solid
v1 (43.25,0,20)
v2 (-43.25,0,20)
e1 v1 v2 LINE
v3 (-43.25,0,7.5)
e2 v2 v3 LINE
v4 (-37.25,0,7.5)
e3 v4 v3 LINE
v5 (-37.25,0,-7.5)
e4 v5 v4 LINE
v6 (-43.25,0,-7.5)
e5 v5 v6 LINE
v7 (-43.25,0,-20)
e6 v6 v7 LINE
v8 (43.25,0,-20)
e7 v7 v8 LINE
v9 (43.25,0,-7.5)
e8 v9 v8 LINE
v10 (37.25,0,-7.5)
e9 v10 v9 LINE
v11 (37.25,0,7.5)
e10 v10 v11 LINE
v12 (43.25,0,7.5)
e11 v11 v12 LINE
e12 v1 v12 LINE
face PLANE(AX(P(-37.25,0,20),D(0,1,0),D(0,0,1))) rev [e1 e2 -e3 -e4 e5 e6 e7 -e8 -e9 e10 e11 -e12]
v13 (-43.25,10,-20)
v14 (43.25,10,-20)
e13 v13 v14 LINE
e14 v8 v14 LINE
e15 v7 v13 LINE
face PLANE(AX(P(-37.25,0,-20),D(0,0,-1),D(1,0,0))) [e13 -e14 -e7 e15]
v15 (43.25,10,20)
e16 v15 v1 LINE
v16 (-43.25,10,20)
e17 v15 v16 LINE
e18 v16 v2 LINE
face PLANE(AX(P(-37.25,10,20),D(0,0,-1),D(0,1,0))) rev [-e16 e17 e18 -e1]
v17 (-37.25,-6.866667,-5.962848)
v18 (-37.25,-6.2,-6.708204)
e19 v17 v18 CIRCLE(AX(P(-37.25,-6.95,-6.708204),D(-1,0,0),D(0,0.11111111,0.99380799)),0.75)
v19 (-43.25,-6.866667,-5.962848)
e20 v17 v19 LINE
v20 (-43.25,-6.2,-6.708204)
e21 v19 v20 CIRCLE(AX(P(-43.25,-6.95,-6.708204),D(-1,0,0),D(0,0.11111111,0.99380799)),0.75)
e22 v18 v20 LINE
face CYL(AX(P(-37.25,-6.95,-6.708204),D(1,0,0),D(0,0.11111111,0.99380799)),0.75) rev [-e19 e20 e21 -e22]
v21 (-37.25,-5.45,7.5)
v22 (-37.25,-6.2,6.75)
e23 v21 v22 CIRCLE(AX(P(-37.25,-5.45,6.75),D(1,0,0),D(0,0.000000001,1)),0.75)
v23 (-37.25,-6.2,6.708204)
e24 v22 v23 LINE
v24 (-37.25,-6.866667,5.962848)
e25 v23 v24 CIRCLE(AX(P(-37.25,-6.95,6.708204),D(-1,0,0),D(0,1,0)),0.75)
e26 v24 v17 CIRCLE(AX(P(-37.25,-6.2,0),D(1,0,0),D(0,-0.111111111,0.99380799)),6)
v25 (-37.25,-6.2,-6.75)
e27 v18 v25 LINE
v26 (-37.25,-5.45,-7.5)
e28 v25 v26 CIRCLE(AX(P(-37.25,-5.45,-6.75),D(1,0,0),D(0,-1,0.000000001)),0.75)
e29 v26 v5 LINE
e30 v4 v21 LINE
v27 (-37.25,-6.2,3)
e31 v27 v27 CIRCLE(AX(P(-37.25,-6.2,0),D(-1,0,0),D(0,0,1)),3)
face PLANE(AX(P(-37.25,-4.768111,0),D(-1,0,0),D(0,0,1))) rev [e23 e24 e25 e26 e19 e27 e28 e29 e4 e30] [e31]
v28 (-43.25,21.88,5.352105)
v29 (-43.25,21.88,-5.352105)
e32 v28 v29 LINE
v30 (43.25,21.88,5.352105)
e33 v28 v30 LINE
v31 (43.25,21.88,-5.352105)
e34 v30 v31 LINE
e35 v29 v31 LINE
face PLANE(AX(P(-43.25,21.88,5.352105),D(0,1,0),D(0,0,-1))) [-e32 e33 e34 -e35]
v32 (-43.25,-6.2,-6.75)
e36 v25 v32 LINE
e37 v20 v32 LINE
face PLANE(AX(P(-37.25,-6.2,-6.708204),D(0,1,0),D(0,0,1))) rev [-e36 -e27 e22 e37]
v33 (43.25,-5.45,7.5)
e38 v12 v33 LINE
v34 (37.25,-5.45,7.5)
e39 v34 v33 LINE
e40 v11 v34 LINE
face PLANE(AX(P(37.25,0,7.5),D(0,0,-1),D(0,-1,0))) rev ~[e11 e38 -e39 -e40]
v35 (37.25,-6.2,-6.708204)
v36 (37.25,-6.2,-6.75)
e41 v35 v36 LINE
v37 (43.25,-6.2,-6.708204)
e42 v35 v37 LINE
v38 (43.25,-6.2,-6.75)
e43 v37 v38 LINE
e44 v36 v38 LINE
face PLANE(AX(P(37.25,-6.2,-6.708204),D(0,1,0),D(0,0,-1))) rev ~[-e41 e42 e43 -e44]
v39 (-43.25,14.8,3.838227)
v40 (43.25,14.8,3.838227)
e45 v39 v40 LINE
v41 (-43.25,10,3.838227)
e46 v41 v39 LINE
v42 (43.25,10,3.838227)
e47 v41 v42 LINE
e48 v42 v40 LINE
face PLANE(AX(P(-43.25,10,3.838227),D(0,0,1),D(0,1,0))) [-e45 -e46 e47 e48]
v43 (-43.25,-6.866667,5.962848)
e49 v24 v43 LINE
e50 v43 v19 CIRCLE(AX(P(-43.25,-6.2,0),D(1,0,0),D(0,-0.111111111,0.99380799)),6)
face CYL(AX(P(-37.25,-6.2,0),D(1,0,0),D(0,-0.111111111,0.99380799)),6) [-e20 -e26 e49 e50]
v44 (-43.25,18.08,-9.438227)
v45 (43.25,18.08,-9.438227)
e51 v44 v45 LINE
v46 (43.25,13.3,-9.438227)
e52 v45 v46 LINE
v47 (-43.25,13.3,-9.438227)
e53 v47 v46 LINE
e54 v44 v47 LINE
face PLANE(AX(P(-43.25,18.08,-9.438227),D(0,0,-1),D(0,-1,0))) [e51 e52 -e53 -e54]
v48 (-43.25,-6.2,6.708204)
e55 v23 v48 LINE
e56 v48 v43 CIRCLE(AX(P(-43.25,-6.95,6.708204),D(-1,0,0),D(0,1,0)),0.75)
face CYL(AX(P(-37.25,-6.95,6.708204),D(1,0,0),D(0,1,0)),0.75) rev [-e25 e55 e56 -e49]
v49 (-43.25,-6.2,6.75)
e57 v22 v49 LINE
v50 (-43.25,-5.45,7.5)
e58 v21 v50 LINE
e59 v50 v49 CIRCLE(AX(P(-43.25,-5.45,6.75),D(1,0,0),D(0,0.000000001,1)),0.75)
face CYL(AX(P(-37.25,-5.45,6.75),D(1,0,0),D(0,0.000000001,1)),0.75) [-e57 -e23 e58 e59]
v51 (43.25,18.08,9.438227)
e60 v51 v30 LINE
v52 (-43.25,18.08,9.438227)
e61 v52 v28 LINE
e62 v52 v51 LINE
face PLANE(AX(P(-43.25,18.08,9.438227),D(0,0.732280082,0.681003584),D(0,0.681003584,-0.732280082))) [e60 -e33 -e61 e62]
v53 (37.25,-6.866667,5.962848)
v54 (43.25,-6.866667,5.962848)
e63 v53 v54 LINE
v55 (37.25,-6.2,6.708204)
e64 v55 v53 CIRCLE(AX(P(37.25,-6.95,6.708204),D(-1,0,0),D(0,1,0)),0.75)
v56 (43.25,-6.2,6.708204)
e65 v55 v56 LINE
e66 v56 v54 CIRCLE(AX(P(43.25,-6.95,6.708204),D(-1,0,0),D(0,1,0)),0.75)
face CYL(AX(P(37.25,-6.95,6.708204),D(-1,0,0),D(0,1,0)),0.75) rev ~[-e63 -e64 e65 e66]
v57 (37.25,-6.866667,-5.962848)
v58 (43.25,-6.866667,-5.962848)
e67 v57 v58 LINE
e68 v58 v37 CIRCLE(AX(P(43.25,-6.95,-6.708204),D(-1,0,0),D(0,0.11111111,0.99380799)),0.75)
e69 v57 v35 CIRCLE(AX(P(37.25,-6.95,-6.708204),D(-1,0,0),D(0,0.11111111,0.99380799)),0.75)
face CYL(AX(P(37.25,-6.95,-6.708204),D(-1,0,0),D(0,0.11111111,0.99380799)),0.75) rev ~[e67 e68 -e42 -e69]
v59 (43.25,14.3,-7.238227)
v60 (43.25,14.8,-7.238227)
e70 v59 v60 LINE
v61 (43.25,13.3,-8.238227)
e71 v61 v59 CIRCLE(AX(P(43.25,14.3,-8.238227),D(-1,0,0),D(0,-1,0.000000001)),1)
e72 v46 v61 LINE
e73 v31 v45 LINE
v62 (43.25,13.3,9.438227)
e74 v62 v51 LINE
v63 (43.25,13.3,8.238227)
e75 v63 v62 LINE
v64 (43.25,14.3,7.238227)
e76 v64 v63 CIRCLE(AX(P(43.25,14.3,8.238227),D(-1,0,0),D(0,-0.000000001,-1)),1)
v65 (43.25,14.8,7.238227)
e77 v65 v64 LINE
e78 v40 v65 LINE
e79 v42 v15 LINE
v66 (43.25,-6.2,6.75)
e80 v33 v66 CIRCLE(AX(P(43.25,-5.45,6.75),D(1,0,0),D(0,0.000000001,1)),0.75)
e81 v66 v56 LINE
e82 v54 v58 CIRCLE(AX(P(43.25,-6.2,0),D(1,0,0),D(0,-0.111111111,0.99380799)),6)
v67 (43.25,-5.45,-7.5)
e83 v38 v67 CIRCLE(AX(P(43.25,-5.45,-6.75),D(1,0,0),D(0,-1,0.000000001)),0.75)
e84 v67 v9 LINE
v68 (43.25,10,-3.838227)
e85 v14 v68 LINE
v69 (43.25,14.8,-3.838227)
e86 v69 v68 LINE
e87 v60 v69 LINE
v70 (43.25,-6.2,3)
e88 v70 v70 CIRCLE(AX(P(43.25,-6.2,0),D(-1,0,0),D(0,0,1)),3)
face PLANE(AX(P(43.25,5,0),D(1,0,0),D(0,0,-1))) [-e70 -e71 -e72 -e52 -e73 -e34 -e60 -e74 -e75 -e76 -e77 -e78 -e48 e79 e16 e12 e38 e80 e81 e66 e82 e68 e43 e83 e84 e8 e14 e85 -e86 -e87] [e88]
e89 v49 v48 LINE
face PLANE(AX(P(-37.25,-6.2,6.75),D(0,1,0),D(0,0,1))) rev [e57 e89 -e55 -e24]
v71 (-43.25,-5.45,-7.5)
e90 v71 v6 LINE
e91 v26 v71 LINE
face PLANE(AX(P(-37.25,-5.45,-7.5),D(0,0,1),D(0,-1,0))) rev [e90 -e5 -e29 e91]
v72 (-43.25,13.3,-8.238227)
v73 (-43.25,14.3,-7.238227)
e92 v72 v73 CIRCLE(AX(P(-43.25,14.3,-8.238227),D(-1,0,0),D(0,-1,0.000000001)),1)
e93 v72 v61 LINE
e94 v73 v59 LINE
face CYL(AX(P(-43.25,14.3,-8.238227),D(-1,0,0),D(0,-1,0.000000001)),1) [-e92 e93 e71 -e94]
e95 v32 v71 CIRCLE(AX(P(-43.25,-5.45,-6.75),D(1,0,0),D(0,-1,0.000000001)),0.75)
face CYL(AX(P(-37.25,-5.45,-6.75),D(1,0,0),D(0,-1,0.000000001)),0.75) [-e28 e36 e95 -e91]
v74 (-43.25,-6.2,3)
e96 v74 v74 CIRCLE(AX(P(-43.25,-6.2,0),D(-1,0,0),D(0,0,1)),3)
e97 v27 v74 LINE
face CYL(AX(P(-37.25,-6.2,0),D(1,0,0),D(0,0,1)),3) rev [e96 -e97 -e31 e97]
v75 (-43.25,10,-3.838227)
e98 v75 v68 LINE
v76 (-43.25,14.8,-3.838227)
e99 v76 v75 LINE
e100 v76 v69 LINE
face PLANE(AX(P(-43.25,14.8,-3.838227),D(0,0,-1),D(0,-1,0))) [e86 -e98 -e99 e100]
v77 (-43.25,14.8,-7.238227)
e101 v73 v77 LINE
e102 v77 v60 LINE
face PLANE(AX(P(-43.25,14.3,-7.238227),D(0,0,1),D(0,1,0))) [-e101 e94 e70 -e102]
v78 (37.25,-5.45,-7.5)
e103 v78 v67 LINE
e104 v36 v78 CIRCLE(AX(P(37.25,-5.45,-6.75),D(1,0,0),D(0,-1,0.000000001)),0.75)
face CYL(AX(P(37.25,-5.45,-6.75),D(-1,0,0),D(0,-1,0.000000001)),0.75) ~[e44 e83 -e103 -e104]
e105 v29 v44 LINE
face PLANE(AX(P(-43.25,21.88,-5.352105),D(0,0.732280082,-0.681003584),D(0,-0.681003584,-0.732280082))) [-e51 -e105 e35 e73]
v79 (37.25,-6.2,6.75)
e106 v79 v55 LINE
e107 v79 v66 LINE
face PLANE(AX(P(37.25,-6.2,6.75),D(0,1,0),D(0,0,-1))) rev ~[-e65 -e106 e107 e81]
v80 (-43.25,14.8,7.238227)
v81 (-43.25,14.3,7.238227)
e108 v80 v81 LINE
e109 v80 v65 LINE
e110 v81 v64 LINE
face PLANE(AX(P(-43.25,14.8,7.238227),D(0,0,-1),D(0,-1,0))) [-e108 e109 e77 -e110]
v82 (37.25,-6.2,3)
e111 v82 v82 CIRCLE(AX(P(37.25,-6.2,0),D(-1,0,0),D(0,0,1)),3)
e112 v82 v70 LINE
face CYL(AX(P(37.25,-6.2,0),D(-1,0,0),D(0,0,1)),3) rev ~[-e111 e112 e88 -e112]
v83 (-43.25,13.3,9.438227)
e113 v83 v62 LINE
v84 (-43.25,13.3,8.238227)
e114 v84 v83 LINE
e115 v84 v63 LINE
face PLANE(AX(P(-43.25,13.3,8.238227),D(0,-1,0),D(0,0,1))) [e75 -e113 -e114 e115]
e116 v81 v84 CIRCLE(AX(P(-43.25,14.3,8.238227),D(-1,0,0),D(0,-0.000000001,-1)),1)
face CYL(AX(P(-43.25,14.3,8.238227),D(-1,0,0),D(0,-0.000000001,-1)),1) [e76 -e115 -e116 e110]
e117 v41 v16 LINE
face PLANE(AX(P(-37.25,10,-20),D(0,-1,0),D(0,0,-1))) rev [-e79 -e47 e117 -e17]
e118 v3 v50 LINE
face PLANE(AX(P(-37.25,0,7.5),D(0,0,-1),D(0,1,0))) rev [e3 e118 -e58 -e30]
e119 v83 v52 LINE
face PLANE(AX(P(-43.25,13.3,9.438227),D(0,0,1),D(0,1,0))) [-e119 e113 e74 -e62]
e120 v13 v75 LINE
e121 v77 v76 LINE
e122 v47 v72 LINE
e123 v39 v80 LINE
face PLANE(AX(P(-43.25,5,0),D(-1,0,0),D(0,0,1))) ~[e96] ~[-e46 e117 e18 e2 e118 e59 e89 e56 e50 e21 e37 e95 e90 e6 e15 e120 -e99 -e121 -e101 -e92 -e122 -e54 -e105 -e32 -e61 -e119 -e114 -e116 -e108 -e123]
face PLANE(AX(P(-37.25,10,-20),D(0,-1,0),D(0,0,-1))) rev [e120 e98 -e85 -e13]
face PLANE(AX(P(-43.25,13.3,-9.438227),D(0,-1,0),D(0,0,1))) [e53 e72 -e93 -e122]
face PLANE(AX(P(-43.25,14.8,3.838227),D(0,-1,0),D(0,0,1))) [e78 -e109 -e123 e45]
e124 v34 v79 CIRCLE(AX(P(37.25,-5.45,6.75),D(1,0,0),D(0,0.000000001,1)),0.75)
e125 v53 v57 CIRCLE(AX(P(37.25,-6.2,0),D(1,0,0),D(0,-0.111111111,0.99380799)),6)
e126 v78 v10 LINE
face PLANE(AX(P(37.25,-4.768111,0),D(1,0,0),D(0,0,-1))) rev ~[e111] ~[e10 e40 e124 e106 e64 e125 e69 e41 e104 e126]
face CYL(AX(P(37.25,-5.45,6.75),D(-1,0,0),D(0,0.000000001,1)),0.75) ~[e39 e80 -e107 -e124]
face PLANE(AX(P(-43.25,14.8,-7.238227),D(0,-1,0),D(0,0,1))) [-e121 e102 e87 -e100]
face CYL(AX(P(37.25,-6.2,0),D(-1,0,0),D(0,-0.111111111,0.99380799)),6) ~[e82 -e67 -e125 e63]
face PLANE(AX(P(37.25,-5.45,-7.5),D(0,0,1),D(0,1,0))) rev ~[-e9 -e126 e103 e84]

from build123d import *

# Parameters (mm, degrees)
SKETCH1_W           = 74.5
SKETCH1_H           = 40
BOSS_EXTRUDE1_DEPTH = 10
BOSS_EXTRUDE2_DEPTH = 6
BOSS_EXTRUDE3_DEPTH = 86.5


with BuildPart() as part:
    # Sketch1 → Boss-Extrude1 (new body)
    with BuildSketch(Plane(origin=(0, 0, 0), x_dir=(1, 0, 0), z_dir=(0, 1, 0))):
        Rectangle(SKETCH1_W, SKETCH1_H)
    extrude(amount=BOSS_EXTRUDE1_DEPTH)

    # Sketch2 → Boss-Extrude2 (add)
    # profile 1 of 2: a face of its own
    with BuildSketch(Plane(origin=(37.25, 0, 0), x_dir=(0, 0, -1), z_dir=(1, 0, 0))):
        with BuildLine():
            Line((7.5, 0), (-7.5, 0))
            Line((-7.5, 0), (-7.5, -5.45))
            ThreePointArc((-7.5, -5.45), (-7.280330086, -5.980330086), (-6.75, -6.2))
            Line((-6.75, -6.2), (-6.708203932, -6.2))
            ThreePointArc((-6.708203932, -6.2), (-6.208203932, -6.390983006), (-5.96284794, -6.866666667))
            ThreePointArc((-5.96284794, -6.866666667), (0, -12.2), (5.96284794, -6.866666667))
            ThreePointArc((5.96284794, -6.866666667), (6.208203932, -6.390983006), (6.708203932, -6.2))
            Line((6.708203932, -6.2), (6.75, -6.2))
            ThreePointArc((6.75, -6.2), (7.280330086, -5.980330086), (7.5, -5.45))
            Line((7.5, -5.45), (7.5, 0))
        make_face()
        with BuildLine():
            ThreePointArc((3, -6.2), (0, -9.2), (-3, -6.2))
            ThreePointArc((-3, -6.2), (0, -3.2), (3, -6.2))
        make_face(mode=Mode.SUBTRACT)
    # profile 2 of 2: a face of its own
    with BuildSketch(Plane(origin=(37.25, 0, 0), x_dir=(0, 0, -1), z_dir=(1, 0, 0))):
        Polygon((-20, 0), (-7.5, 0), (7.5, 0), (20, 0), (20, 10), (-20, 10), align=None)
    boss_extrude2 = extrude(amount=BOSS_EXTRUDE2_DEPTH)

    # Mirror1: Boss-Extrude2 across plane
    add(boss_extrude2.mirror(Plane(origin=(0, 0, 0), x_dir=(0, 0, 1), z_dir=(1, 0, 0))))

    # Sketch3 → Boss-Extrude3 (add)
    with BuildSketch(Plane.ZY.offset(43.25)):
        with BuildLine():
            Line((-3.838227356, 14.8), (-3.838227356, 10))
            Line((-3.838227356, 10), (3.838227356, 10))
            Line((3.838227356, 10), (3.838227356, 14.8))
            Line((3.838227356, 14.8), (7.238227356, 14.8))
            Line((7.238227356, 14.8), (7.238227356, 14.3))
            ThreePointArc((7.238227356, 14.3), (7.531120575, 13.592893219), (8.238227356, 13.3))
            Line((8.238227356, 13.3), (9.438227356, 13.3))
            Line((9.438227356, 13.3), (9.438227356, 14.8))
            Line((9.438227356, 14.8), (9.438227356, 18.08))
            Line((9.438227356, 18.08), (5.3521045, 21.88))
            Line((5.3521045, 21.88), (-5.3521045, 21.88))
            Line((-5.3521045, 21.88), (-9.438227356, 18.08))
            Line((-9.438227356, 18.08), (-9.438227356, 14.8))
            Line((-9.438227356, 14.8), (-9.438227356, 13.3))
            Line((-9.438227356, 13.3), (-8.238227356, 13.3))
            ThreePointArc((-8.238227356, 13.3), (-7.531120575, 13.592893219), (-7.238227356, 14.3))
            Line((-7.238227356, 14.3), (-7.238227356, 14.8))
            Line((-7.238227356, 14.8), (-3.838227356, 14.8))
        make_face()
    extrude(amount=-BOSS_EXTRUDE3_DEPTH)


solid = part.part
